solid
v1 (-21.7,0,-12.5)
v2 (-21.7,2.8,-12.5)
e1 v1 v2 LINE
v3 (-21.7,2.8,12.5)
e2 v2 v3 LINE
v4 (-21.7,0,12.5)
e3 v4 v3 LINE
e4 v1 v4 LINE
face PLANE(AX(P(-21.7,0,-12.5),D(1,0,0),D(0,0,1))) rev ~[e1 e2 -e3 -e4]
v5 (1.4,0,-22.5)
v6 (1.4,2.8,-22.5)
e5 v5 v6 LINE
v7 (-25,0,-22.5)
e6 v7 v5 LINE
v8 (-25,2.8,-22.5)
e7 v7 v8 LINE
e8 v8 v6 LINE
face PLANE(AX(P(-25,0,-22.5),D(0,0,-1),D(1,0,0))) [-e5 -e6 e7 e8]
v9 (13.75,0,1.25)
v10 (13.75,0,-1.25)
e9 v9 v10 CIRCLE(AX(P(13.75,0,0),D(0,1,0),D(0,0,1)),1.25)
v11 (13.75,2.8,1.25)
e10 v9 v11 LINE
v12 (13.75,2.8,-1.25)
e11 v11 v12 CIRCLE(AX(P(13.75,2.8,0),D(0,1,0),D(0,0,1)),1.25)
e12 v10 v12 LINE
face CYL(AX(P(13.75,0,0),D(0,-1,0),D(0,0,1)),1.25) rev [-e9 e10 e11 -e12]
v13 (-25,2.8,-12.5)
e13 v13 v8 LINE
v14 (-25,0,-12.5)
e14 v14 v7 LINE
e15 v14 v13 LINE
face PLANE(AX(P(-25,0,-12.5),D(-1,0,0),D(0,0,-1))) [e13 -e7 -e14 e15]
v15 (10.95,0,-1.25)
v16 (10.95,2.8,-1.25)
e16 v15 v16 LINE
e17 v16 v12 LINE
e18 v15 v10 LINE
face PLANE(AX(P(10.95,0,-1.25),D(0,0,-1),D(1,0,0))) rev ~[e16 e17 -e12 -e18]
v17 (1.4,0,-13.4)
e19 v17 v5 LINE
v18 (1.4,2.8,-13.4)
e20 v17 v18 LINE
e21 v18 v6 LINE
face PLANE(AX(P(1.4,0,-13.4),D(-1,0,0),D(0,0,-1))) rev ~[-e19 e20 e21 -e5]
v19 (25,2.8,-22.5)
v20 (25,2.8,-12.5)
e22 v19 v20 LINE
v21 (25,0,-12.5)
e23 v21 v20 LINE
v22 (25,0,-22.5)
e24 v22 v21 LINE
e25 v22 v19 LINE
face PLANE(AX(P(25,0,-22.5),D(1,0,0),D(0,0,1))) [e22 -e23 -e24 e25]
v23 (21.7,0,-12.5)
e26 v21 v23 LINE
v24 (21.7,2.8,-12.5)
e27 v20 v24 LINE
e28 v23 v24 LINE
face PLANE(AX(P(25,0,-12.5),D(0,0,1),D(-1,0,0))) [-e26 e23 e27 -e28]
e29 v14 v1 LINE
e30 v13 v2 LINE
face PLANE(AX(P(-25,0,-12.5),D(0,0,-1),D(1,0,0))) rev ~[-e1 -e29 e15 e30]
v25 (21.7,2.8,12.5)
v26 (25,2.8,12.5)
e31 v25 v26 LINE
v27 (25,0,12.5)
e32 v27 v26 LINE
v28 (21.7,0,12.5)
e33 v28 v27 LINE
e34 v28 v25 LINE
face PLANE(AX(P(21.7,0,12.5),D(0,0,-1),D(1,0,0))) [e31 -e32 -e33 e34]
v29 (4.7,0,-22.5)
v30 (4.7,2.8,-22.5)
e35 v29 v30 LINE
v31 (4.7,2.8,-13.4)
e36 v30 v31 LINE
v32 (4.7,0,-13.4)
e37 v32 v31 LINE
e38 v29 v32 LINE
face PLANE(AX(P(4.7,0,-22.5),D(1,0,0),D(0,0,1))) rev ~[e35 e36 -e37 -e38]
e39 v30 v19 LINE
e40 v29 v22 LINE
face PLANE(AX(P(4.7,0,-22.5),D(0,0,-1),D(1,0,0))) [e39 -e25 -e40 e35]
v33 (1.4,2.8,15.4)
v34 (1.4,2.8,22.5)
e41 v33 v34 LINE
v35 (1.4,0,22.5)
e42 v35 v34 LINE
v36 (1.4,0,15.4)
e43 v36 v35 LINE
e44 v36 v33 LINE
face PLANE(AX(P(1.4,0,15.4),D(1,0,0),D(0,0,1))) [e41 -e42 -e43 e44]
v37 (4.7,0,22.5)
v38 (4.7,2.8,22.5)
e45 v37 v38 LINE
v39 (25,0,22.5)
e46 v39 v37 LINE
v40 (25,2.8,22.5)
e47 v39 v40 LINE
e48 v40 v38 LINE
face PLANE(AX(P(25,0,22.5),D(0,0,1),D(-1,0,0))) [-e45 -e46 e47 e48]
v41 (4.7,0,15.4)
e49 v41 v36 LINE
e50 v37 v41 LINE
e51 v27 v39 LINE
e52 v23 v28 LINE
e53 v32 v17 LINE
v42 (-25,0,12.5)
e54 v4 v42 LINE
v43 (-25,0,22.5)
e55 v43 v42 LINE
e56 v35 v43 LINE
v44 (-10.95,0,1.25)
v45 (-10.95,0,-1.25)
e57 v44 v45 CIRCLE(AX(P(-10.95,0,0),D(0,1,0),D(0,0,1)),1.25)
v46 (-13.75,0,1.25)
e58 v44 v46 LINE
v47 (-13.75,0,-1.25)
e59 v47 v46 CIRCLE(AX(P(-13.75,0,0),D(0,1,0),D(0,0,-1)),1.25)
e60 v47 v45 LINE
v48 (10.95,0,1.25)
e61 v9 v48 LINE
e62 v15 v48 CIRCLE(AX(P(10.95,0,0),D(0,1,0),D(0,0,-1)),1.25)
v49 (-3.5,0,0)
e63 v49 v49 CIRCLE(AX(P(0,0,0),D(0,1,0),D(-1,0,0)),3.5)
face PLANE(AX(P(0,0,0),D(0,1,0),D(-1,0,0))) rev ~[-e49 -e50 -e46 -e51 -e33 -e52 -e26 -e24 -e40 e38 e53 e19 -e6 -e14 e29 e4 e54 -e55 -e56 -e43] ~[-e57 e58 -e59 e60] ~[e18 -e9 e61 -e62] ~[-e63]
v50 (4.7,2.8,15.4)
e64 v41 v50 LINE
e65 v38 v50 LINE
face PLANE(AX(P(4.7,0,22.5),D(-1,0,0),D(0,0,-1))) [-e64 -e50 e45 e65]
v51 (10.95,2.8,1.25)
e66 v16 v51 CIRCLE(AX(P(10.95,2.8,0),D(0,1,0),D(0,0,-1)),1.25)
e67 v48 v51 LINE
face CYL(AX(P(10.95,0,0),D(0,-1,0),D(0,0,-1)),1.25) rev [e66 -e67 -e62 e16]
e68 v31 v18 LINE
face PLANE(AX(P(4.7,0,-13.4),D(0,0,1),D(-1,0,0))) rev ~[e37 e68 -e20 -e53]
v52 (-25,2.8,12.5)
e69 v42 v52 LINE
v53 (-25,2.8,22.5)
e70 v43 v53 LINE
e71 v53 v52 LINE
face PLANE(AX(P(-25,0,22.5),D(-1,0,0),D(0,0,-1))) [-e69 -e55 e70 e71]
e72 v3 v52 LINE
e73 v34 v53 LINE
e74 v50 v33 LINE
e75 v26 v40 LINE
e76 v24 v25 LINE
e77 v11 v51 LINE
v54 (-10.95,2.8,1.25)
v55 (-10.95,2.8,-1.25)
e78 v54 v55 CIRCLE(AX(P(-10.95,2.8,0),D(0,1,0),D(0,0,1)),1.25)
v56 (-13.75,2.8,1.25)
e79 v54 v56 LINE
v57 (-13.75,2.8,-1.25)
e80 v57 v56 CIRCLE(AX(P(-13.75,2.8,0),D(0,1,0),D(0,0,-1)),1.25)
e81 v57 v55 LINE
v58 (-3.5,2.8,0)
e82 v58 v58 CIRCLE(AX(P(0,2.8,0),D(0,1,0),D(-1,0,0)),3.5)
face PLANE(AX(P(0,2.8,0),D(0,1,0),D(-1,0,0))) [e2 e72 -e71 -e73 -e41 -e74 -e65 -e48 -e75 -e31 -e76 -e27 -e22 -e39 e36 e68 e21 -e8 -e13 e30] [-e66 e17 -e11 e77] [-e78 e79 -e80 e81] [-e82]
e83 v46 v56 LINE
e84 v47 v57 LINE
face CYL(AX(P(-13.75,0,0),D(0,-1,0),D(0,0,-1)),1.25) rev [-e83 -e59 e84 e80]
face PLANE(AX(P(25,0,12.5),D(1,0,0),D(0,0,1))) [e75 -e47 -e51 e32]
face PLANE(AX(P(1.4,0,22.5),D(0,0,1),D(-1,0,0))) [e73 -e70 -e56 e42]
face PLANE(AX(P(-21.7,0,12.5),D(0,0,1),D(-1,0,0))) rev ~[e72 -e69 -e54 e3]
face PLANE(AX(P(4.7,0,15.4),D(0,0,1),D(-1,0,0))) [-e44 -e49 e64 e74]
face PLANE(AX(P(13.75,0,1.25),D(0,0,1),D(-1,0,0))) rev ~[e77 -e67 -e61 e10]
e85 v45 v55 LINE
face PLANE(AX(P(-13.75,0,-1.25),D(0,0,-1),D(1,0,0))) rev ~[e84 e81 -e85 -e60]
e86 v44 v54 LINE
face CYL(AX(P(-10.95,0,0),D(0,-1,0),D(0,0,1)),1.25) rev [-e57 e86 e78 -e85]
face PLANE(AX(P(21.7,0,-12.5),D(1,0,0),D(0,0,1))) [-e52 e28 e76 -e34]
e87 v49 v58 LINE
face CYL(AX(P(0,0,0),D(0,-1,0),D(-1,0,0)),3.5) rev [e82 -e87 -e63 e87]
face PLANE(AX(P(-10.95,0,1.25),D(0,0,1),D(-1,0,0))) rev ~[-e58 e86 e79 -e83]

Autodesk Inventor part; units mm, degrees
ref_plane "YZ Plane" through (0, 0, 0) normal (1, 0, 0) x (0, 1, 0)
ref_plane "XZ Plane" through (0, 0, 0) normal (0, 1, 0) x (-1, 0, 0)
ref_plane "XY Plane" through (0, 0, 0) normal (0, 0, 1) x (1, 0, 0)
sketch "Sketch1" plane through (0, 0, 0) normal (0, 1, 0) x (-1, 0, 0)
  line L0 (-25, 22.5) -> (25, 22.5)
  line L1 (25, 22.5) -> (25, -22.5)
  line L2 (25, -22.5) -> (-25, -22.5)
  line L3 (-25, -22.5) -> (-25, 22.5)
  line L4 (-25, 22.5) -> (25, -22.5) construction
  line L5 (25, 22.5) -> (-25, -22.5) construction
  line L6 (25, -12.5) -> (21.7, -12.5)
  line L7 (21.7, -12.5) -> (21.7, 12.5)
  line L8 (21.7, 12.5) -> (25, 12.5)
  line L9 (25, 12.5) -> (25, -12.5)
  line L10 (-25, -12.5) -> (-21.7, -12.5)
  line L11 (-21.7, -12.5) -> (-21.7, 12.5)
  line L12 (-21.7, 12.5) -> (-25, 12.5)
  line L13 (-25, 12.5) -> (-25, -12.5)
  line L14 (-1.4, -22.5) -> (-4.7, -22.5)
  line L15 (-4.7, -22.5) -> (-4.7, -13.4)
  line L16 (-4.7, -13.4) -> (-1.4, -13.4)
  line L17 (-1.4, -13.4) -> (-1.4, -22.5)
  line L18 (-1.4, 22.5) -> (-4.7, 22.5)
  line L19 (-4.7, 22.5) -> (-4.7, 15.4)
  line L20 (-4.7, 15.4) -> (-1.4, 15.4)
  line L21 (-1.4, 15.4) -> (-1.4, 22.5)
  circle A0 centre (0, 0) radius 3.5
  line L22 (15, 0) -> (9.7, 0) construction
  line L23 (13.75, -1.25) -> (10.95, -1.25)
  line L24 (10.95, 1.25) -> (13.75, 1.25)
  arc A1 (13.75, -1.25) -> (13.75, 1.25) centre (13.75, 0) ccw
  arc A2 (10.95, 1.25) -> (10.95, -1.25) centre (10.95, 0) ccw
  line L25 (-9.7, 0) -> (-15, 0) construction
  line L26 (-10.95, -1.25) -> (-13.75, -1.25)
  line L27 (-13.75, 1.25) -> (-10.95, 1.25)
  arc A3 (-10.95, -1.25) -> (-10.95, 1.25) centre (-10.95, 0) ccw
  arc A4 (-13.75, 1.25) -> (-13.75, -1.25) centre (-13.75, 0) ccw
  line L28 (9.7, 0) -> (0, 0) construction
  line L29 (-9.7, 0) -> (0, 0) construction
  point P0 (21.7, 0)
  point P1 (12.35, 0)
  point P2 (-12.35, 0)
  dimension "d0" = 45
  dimension "d1" = 50
  dimension "d2" = 3.3
  dimension "d3" = 25
  dimension "d4" = 9.1
  dimension "d5" = 20.3
  dimension "d6" = 7
  dimension "d7" = 5.3
  dimension "d8" = 2.5
  dimension "d9" = 30
  dimension "d12" = 7.1
extrude "Extrusion1" add sketch "Sketch1" along normal blind 2.8 contours L0 L19 L20 L21 L1 L8 L7 L6 L2 L17 L16 L15 L3 L10 L11 L12
